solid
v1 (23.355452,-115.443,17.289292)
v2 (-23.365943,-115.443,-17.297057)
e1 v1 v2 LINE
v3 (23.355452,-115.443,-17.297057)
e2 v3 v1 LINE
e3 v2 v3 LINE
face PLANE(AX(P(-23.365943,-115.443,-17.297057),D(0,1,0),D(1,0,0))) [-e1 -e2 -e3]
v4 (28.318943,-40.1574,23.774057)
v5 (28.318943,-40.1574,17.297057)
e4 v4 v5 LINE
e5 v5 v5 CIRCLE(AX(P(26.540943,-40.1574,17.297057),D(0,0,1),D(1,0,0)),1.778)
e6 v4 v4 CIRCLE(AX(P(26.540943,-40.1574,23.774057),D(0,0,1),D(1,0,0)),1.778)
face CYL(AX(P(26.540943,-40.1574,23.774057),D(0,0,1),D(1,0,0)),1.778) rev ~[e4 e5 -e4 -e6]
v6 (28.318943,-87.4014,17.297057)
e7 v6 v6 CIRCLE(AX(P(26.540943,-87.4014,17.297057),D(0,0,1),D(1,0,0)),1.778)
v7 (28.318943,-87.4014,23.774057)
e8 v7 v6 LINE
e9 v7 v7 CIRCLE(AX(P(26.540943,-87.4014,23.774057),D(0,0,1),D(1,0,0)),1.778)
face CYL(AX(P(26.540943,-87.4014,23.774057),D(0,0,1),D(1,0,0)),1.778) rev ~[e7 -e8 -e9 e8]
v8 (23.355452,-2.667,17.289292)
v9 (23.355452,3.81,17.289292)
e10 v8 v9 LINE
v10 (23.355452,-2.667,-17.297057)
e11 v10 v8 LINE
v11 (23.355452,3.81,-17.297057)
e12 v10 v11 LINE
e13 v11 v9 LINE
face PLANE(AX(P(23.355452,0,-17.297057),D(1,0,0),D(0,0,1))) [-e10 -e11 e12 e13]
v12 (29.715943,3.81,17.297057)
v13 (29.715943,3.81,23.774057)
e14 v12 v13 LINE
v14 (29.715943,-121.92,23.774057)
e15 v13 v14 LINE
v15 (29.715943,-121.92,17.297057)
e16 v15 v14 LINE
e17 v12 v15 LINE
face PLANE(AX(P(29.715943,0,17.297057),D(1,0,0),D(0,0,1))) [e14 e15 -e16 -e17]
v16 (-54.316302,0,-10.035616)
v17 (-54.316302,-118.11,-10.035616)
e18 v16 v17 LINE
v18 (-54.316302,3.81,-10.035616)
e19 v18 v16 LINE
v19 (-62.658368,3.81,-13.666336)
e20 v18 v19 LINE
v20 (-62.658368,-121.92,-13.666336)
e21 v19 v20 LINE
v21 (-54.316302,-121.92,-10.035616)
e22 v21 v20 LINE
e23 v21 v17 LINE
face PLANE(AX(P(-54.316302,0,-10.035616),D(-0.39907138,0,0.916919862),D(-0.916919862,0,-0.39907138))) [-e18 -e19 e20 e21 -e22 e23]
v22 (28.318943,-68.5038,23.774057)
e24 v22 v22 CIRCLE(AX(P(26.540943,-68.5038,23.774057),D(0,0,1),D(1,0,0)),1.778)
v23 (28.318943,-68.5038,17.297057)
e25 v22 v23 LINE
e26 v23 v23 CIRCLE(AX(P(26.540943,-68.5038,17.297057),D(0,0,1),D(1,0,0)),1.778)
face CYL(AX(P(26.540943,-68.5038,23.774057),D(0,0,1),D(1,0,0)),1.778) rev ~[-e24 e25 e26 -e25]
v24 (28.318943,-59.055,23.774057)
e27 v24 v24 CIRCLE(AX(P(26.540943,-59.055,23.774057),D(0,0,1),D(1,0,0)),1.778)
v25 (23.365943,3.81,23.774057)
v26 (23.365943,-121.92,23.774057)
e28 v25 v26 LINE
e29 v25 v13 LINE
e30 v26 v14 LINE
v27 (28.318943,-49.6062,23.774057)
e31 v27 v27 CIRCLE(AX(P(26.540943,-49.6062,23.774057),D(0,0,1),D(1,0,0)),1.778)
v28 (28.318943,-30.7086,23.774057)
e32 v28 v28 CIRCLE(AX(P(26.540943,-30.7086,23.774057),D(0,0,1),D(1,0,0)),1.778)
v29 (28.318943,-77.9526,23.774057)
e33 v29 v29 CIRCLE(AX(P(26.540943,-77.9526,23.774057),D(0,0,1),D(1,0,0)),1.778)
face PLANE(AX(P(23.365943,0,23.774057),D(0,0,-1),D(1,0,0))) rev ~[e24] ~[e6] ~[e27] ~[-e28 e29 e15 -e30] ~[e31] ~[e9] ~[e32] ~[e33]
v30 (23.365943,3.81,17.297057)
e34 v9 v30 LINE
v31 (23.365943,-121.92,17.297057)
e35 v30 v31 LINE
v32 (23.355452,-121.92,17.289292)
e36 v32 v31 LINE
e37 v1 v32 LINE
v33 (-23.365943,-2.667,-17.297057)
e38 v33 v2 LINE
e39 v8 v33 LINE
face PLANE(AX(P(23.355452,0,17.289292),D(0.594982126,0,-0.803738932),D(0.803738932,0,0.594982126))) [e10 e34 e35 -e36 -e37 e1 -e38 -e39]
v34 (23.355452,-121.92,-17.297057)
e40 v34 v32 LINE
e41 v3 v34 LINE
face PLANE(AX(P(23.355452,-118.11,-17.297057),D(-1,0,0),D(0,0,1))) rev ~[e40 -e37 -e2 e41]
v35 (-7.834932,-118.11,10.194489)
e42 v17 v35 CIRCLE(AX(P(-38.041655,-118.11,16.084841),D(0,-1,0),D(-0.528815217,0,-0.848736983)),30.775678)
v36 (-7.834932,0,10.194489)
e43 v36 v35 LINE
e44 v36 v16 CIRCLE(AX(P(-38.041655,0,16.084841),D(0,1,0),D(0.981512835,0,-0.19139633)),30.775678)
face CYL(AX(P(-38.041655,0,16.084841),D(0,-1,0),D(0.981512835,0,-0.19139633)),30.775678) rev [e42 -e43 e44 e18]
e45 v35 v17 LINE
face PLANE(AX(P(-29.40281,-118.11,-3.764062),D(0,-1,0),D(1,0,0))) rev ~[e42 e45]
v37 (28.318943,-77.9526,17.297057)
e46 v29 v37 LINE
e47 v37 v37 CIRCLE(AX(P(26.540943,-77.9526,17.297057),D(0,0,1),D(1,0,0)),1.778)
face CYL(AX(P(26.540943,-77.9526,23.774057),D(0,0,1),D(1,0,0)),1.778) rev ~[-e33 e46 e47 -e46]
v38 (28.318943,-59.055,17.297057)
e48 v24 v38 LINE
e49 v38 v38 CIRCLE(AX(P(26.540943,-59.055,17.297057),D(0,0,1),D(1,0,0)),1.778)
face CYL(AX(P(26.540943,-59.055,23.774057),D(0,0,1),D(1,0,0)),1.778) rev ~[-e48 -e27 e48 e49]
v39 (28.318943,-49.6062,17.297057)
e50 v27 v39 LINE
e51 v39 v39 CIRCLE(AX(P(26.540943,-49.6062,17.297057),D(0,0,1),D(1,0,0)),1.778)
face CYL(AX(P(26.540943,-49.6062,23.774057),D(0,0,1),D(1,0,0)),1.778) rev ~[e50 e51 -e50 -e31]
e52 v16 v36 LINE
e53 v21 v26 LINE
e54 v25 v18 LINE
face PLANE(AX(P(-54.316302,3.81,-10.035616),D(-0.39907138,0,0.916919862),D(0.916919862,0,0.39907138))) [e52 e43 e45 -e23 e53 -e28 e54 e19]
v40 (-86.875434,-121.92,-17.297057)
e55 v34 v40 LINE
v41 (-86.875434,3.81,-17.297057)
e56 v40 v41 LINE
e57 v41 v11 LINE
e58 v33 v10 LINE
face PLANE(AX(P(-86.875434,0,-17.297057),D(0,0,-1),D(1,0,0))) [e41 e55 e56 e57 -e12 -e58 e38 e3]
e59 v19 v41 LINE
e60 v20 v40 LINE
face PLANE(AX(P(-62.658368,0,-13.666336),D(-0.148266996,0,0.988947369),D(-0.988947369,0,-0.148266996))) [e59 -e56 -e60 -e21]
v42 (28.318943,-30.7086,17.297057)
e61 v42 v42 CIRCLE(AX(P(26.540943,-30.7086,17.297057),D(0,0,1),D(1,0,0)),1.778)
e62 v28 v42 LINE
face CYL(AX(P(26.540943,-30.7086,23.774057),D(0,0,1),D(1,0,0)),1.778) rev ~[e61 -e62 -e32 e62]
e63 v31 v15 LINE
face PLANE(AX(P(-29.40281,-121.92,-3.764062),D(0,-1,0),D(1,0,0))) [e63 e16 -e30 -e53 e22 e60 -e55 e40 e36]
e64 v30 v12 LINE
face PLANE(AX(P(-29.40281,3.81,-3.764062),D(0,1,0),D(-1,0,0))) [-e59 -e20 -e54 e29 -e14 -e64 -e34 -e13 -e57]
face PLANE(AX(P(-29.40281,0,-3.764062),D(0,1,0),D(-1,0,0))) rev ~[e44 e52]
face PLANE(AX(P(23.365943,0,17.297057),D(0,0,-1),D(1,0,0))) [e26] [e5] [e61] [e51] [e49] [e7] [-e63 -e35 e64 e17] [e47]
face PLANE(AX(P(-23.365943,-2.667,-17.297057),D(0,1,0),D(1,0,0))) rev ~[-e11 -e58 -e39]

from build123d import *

# Parameters (mm, degrees)
F0_W      = 6.35
F0_H      = 6.477
F1_DEPTH  = 118.11
F2_R      = 1.778
F3_DEPTH  = 25.4
F4_W      = 46.721395
F4_H      = 2.667
F6_DEPTH  = 3.81
F8_DEPTH  = 3.81
F9_DEPTH  = 3.81
F11_DEPTH = 3.81


with BuildPart() as f1:
    # F0 (on Front) → F1 (new body)
    with BuildSketch(Plane.XZ):
        with BuildLine():
            Line((-71.0004344583, -17.2970571), (-23.3659426, -17.2970571))
            Line((-23.3659426, -17.2970571), (23.3659426, 17.2970571))
            Line((23.3659426, 17.2970571), (23.3659426, 23.7740571))
            Line((23.3659426, 23.7740571), (-7.8349318041, 10.194488659))
            ThreePointArc((-7.8349318041, 10.194488659), (-25.7599625829, -12.133990102), (-54.3163019367, -10.0356157532))
            Line((-54.3163019367, -10.0356157532), (-62.6583681975, -13.6663364266))
            Line((-62.6583681975, -13.6663364266), (-86.8754344583, -17.2970571))
            Line((-86.8754344583, -17.2970571), (-71.0004344583, -17.2970571))
        make_face()
        with Locations((26.5409426, 20.5355571)):
            Rectangle(F0_W, F0_H)
    extrude(amount=F1_DEPTH)

    # F2 (on face) → F3 (cut)
    with BuildSketch(Plane.XY.offset(23.7740571)):
        with Locations((26.5409426, -59.055)):
            Circle(F2_R)
        with Locations((26.5409426, -49.6062)):
            Circle(F2_R)
        with Locations((26.5409426, -40.1574)):
            Circle(F2_R)
        with Locations((26.5409426, -68.5038)):
            Circle(F2_R)
        with Locations((26.5409426, -77.9526)):
            Circle(F2_R)
        with Locations((26.5409426, -30.7086)):
            Circle(F2_R)
        with Locations((26.5409426, -87.4014)):
            Circle(F2_R)
    extrude(amount=-F3_DEPTH, mode=Mode.SUBTRACT)

    # F4 (on face) → F5 (join, up to the next surface of F1)
    with BuildSketch(Plane(origin=(0, 0, -17.2970571), x_dir=(1, 0, 0), z_dir=(0, 0, -1))):
        with Locations((-0.0052451, 116.7765)):
            Rectangle(F4_W, F4_H)
        with Locations((-0.0052451, 1.3335)):
            Rectangle(F4_W, F4_H)
    extrude(until=Until.NEXT, dir=(0, 0, 1))

    # F6 (add): a face of the model
    f6_faces = [f1.faces().sort_by_distance(p)[0] for p in [
        (-1.9615853711, -118.11, -2.7916369403),
    ]]
    extrude(f6_faces, amount=F6_DEPTH)

    # F7 (on face) → F8 (join)
    with BuildSketch(Plane.XZ.offset(121.92)):
        with BuildLine():
            Line((-7.8349318041, 10.194488659), (-54.3163019367, -10.0356157532))
            ThreePointArc((-54.3163019367, -10.0356157532), (-25.7599625829, -12.133990102), (-7.8349318041, 10.194488659))
        make_face()
    extrude(amount=-F8_DEPTH)

    # F9 (add): a face of the model
    f9_faces = [f1.faces().sort_by_distance(p)[0] for p in [
        (-1.9615853711, 0, -2.7916369403),
    ]]
    extrude(f9_faces, amount=F9_DEPTH)

    # F10 (on face) → F11 (join)
    with BuildSketch(Plane(origin=(0, 3.81, 0), x_dir=(-1, 0, 0), z_dir=(0, 1, 0))):
        with BuildLine():
            Line((54.3163019367, -10.0356157532), (7.8349318041, 10.194488659))
            ThreePointArc((7.8349318041, 10.194488659), (25.7599625829, -12.133990102), (54.3163019367, -10.0356157532))
        make_face()
    extrude(amount=-F11_DEPTH)


solid = f1.part
